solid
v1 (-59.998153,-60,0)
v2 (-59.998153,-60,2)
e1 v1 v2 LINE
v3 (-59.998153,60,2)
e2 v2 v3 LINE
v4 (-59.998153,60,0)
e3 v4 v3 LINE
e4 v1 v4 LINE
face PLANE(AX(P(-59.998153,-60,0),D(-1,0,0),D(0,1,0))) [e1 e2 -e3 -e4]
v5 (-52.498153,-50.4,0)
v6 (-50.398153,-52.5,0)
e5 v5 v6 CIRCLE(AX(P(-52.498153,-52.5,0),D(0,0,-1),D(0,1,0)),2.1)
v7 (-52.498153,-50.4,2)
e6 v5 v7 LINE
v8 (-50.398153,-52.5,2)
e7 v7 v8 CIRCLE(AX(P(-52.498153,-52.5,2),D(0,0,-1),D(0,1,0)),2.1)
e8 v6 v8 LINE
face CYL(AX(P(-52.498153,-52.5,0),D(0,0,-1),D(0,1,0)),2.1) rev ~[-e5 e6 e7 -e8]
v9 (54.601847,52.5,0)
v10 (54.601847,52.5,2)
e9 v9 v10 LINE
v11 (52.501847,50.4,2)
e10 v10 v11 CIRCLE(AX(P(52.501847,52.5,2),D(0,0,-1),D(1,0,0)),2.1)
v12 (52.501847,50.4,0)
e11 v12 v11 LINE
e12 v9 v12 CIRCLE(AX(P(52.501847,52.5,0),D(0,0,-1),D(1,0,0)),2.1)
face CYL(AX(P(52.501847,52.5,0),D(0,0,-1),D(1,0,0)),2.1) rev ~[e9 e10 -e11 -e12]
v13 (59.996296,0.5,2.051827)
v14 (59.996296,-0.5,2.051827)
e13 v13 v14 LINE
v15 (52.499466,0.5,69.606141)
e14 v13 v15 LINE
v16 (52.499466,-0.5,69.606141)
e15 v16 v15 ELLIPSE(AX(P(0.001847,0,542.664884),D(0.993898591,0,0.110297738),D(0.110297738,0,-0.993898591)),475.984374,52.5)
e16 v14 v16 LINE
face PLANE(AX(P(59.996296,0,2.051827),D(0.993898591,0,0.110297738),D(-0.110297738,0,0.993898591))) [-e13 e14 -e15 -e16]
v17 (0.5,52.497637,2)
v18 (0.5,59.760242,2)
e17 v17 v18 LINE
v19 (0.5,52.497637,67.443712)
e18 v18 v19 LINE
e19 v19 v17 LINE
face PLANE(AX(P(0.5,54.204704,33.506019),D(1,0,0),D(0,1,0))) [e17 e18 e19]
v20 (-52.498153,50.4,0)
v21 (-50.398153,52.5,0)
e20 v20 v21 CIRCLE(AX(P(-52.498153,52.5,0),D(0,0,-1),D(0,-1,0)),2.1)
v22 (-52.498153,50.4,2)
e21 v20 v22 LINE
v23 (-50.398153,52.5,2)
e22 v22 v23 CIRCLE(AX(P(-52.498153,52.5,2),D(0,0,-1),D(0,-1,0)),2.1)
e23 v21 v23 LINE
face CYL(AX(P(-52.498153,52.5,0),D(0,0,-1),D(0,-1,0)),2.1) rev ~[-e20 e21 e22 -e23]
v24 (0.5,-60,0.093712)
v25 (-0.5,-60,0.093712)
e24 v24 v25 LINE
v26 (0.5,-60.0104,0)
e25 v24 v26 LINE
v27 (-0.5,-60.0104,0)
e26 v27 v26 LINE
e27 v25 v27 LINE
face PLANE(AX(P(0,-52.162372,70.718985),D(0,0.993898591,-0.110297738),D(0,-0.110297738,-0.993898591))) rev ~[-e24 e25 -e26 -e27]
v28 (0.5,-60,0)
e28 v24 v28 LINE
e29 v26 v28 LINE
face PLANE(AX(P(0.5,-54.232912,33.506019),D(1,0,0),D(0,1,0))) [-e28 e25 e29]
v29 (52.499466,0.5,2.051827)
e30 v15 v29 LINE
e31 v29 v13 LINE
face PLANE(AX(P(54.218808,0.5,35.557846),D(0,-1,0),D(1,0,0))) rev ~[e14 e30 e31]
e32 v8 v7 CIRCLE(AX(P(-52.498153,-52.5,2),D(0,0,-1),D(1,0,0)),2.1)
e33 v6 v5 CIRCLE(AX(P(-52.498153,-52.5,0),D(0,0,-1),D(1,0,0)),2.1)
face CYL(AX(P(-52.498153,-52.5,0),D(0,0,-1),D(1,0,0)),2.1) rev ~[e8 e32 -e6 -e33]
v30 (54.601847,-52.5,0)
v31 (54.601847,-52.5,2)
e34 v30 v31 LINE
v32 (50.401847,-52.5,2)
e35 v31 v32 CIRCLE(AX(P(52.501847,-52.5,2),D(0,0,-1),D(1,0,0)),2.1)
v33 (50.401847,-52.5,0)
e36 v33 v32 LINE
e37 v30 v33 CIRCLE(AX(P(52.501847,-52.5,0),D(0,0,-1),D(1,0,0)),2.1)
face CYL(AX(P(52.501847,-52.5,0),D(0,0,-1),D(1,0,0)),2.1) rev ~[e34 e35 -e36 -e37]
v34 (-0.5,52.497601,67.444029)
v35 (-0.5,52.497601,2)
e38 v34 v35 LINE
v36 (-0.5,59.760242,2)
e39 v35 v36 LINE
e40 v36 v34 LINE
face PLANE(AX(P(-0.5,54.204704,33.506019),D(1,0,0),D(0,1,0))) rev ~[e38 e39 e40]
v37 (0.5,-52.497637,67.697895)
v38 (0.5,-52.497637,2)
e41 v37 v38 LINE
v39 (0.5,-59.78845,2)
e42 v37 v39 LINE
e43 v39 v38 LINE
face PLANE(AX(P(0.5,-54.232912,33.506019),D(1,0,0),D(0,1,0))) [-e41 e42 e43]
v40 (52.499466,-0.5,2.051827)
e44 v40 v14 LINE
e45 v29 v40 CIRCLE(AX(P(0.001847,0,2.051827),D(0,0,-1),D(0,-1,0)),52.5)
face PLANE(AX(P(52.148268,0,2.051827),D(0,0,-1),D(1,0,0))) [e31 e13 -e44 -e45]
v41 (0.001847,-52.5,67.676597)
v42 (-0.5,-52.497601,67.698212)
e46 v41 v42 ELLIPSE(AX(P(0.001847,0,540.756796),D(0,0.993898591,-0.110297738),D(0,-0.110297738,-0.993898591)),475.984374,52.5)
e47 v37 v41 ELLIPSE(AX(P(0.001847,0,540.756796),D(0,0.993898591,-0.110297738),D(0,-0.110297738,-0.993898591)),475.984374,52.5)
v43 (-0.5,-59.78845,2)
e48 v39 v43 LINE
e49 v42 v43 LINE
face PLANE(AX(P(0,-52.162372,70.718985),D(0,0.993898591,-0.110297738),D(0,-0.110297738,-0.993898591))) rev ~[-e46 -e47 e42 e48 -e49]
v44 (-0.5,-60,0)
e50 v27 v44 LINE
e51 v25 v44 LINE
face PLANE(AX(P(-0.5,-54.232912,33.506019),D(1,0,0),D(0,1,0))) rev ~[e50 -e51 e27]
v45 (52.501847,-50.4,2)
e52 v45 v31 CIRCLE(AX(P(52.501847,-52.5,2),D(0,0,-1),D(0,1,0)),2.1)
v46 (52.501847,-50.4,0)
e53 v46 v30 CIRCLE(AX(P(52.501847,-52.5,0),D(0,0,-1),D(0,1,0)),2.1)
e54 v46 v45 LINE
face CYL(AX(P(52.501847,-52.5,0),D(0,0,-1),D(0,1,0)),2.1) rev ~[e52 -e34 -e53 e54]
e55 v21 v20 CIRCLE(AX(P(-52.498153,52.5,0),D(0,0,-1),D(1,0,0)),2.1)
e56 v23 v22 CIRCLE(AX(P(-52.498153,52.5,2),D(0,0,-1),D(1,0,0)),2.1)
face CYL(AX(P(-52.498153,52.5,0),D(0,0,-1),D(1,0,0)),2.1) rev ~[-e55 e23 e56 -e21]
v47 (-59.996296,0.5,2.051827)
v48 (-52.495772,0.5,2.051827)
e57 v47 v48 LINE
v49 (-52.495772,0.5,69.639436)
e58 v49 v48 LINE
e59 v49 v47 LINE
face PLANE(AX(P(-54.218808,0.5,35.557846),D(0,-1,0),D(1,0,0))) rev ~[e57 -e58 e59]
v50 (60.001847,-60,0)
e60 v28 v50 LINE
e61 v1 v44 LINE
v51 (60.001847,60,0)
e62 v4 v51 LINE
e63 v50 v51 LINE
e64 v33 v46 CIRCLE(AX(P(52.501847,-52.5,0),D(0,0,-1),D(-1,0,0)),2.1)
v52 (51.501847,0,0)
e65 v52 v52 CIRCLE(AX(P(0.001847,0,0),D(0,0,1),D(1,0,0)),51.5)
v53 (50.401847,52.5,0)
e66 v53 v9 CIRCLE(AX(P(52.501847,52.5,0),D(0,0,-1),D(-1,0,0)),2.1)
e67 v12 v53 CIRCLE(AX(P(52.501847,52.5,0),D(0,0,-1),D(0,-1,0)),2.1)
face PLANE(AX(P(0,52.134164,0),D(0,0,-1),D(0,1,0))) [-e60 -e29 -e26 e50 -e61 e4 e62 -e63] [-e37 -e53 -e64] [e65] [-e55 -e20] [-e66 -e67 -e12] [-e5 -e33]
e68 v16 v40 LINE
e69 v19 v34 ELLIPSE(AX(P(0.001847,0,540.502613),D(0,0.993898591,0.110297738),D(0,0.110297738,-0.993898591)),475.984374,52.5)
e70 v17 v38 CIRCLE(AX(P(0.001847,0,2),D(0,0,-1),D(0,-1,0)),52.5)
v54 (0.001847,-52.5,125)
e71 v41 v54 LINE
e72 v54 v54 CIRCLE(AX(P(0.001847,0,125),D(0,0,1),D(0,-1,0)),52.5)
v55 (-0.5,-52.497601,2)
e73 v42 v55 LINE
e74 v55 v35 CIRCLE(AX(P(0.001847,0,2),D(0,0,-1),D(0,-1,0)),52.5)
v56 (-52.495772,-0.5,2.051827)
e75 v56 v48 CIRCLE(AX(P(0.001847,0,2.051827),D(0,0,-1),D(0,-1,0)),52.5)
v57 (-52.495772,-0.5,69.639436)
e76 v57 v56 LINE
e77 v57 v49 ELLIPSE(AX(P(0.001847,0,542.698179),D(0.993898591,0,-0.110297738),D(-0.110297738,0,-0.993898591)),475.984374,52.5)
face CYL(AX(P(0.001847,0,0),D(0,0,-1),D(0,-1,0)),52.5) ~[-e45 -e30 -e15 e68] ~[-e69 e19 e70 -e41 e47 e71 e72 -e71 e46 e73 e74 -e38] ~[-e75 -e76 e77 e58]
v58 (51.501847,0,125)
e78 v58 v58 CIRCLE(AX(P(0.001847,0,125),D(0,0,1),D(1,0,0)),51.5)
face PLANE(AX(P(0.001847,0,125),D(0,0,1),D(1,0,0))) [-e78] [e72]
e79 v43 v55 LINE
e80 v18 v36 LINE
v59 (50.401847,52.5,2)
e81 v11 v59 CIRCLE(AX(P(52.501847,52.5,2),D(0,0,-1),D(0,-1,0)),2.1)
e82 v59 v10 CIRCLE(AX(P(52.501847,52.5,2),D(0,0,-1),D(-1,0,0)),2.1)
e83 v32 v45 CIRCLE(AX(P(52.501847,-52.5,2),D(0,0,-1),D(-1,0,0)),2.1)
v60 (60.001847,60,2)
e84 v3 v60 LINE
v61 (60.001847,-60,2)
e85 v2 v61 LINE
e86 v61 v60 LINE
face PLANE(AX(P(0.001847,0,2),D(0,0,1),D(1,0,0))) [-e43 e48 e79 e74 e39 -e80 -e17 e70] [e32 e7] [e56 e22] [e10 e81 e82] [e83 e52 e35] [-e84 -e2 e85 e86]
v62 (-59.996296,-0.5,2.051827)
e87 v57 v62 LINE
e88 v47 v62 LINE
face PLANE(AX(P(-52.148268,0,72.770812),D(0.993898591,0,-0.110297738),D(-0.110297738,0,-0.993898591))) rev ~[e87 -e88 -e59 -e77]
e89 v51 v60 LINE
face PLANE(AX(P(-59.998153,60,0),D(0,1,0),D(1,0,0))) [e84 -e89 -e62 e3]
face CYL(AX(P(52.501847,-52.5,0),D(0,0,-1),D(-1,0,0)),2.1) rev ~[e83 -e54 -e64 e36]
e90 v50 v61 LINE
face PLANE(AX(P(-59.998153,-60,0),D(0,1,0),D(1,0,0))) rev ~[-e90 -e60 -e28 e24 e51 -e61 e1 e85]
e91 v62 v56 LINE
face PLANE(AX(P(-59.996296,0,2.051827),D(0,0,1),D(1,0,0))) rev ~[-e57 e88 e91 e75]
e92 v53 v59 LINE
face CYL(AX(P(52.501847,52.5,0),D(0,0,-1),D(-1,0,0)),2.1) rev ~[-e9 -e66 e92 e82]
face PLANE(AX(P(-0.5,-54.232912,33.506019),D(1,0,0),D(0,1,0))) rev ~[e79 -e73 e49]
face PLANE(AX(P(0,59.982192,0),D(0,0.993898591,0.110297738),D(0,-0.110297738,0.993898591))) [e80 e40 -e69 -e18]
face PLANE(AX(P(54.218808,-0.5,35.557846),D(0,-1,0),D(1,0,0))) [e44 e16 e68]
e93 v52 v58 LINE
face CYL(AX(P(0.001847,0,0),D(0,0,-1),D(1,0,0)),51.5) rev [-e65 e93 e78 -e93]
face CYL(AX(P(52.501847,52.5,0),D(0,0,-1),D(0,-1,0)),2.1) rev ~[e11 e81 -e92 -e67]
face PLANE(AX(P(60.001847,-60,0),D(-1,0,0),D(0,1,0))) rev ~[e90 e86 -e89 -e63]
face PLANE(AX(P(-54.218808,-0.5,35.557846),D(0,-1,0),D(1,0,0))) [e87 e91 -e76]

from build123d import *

# Parameters (mm, degrees)
F0_W     = 120
F0_H     = 120
F0_R     = 51.5
F1_DEPTH = 2
F2_DEPTH = 125
F5_DEPTH = 0.5
F6_DEPTH = 0.5


with BuildPart() as f1:
    # F0 (on Top) → F1 (new body)
    with BuildSketch(Plane.XY):
        with Locations((0.0018474467, 3.25e-08)):
            Rectangle(F0_W, F0_H)
        with BuildLine():
            ThreePointArc((-52.4981525533, 50.4000000325), (-53.9830767937, 53.984924273), (-50.3981525533, 52.5000000325))
            Line((-50.3981525533, 52.5000000325), (0.0018477668, 52.5000000325))
            Line((0.0018477668, 52.5000000325), (50.4018474467, 52.5000000325))
            ThreePointArc((50.4018474467, 52.5000000325), (52.5018474467, 54.6000000325), (54.6018474467, 52.5000000325))
            ThreePointArc((54.6018474467, 52.5000000325), (53.9867716872, 51.015075792), (52.5018474467, 50.4000000325))
            Line((52.5018474467, 50.4000000325), (52.5018474467, 0))
            Line((52.5018474467, 0), (52.5018474467, -50.3999999675))
            ThreePointArc((52.5018474467, -50.3999999675), (53.9867716872, -51.015075727), (54.6018474467, -52.4999999675))
            ThreePointArc((54.6018474467, -52.4999999675), (52.5018474467, -54.5999999675), (50.4018474467, -52.4999999675))
            Line((50.4018474467, -52.4999999675), (0.0018474467, -52.4999999675))
            Line((0.0018474467, -52.4999999675), (-50.3981525533, -52.4999999675))
            ThreePointArc((-50.3981525533, -52.4999999675), (-53.9830767937, -53.984924208), (-52.4981525533, -50.3999999675))
            Line((-52.4981525533, -50.3999999675), (-52.4981525533, -3.4e-09))
            Line((-52.4981525533, -3.4e-09), (-52.4981525533, 50.4000000325))
        make_face(mode=Mode.SUBTRACT)
        with BuildLine():
            Line((0.0018477668, 52.5000000325), (-50.3981525533, 52.5000000325))
            ThreePointArc((-50.3981525533, 52.5000000325), (-51.0132283128, 51.015075792), (-52.4981525533, 50.4000000325))
            Line((-52.4981525533, 50.4000000325), (-52.4981525533, -3.4e-09))
            ThreePointArc((-52.4981525533, -3.4e-09), (-37.1212584536, 37.1231061243), (0.0018477668, 52.5))
        make_face()
        with BuildLine():
            Line((50.4018474467, 52.5000000325), (0.0018477668, 52.5000000325))
            ThreePointArc((0.0018477668, 52.5), (37.1249535722, 37.1231058991), (52.5018474467, 0))
            Line((52.5018474467, 0), (52.5018474467, 50.4000000325))
            ThreePointArc((52.5018474467, 50.4000000325), (51.0169232063, 51.015075792), (50.4018474467, 52.5000000325))
        make_face()
        with BuildLine():
            Line((52.5018474467, -50.3999999675), (52.5018474467, 0))
            ThreePointArc((52.5018474467, 0), (37.124953459, -37.1231060123), (0.0018474467, -52.5))
            Line((0.0018474467, -52.4999999675), (50.4018474467, -52.4999999675))
            ThreePointArc((50.4018474467, -52.4999999675), (51.0169232063, -51.015075727), (52.5018474467, -50.3999999675))
        make_face()
        with BuildLine():
            ThreePointArc((0.0018474467, -52.5), (-37.1212585644, -37.1231060135), (-52.4981525533, -3.4e-09))
            Line((-52.4981525533, -3.4e-09), (-52.4981525533, -50.3999999675))
            ThreePointArc((-52.4981525533, -50.3999999675), (-51.0132283128, -51.015075727), (-50.3981525533, -52.4999999675))
            Line((-50.3981525533, -52.4999999675), (0.0018474467, -52.4999999675))
        make_face()
        with BuildLine():
            ThreePointArc((52.5018474467, 0), (37.1249535722, 37.1231058991), (0.0018477668, 52.5))
            ThreePointArc((0.0018477668, 52.5), (-37.1212584536, 37.1231061243), (-52.4981525533, -3.4e-09))
            ThreePointArc((-52.4981525533, -3.4e-09), (-37.1212585644, -37.1231060135), (0.0018474467, -52.5))
            ThreePointArc((0.0018474467, -52.5), (37.124953459, -37.1231060123), (52.5018474467, 0))
        make_face()
        with Locations((0.0018474467, 0)):
            Circle(F0_R, mode=Mode.SUBTRACT)
    extrude(amount=F1_DEPTH)

    # F0 (on Top) → F2 (join)
    with BuildSketch(Plane.XY):
        with BuildLine():
            ThreePointArc((52.5018474467, 0), (37.1249535722, 37.1231058991), (0.0018477668, 52.5))
            ThreePointArc((0.0018477668, 52.5), (-37.1212584536, 37.1231061243), (-52.4981525533, -3.4e-09))
            ThreePointArc((-52.4981525533, -3.4e-09), (-37.1212585644, -37.1231060135), (0.0018474467, -52.5))
            ThreePointArc((0.0018474467, -52.5), (37.124953459, -37.1231060123), (52.5018474467, 0))
        make_face()
        with Locations((0.0018474467, 0)):
            Circle(F0_R, mode=Mode.SUBTRACT)
    extrude(amount=F2_DEPTH)

    # F3 (on Front) → F5 (join, symmetric)
    with BuildSketch(Plane.XZ):
        Polygon((-52.1482676268, 72.7708116174), (-59.9962957203, 2.0518270321), (-52.1482676268, 2.0518270321), align=None)
        Polygon((52.1482676268, 2.0518270321), (59.9962957203, 2.0518270321), (52.1482676268, 72.7708116174), align=None)
    extrude(amount=F5_DEPTH, both=True)

    # F4 (on Right) → F6 (join, symmetric)
    with BuildSketch(Plane.YZ):
        Polygon((-52.1623715758, 70.7189845853), (-60.0103996694, 0), (-52.1623715758, 0), align=None)
        Polygon((52.1341636777, 0), (59.9821917713, 0), (52.1341636777, 70.7189845853), align=None)
    extrude(amount=F6_DEPTH, both=True)


solid = f1.part
